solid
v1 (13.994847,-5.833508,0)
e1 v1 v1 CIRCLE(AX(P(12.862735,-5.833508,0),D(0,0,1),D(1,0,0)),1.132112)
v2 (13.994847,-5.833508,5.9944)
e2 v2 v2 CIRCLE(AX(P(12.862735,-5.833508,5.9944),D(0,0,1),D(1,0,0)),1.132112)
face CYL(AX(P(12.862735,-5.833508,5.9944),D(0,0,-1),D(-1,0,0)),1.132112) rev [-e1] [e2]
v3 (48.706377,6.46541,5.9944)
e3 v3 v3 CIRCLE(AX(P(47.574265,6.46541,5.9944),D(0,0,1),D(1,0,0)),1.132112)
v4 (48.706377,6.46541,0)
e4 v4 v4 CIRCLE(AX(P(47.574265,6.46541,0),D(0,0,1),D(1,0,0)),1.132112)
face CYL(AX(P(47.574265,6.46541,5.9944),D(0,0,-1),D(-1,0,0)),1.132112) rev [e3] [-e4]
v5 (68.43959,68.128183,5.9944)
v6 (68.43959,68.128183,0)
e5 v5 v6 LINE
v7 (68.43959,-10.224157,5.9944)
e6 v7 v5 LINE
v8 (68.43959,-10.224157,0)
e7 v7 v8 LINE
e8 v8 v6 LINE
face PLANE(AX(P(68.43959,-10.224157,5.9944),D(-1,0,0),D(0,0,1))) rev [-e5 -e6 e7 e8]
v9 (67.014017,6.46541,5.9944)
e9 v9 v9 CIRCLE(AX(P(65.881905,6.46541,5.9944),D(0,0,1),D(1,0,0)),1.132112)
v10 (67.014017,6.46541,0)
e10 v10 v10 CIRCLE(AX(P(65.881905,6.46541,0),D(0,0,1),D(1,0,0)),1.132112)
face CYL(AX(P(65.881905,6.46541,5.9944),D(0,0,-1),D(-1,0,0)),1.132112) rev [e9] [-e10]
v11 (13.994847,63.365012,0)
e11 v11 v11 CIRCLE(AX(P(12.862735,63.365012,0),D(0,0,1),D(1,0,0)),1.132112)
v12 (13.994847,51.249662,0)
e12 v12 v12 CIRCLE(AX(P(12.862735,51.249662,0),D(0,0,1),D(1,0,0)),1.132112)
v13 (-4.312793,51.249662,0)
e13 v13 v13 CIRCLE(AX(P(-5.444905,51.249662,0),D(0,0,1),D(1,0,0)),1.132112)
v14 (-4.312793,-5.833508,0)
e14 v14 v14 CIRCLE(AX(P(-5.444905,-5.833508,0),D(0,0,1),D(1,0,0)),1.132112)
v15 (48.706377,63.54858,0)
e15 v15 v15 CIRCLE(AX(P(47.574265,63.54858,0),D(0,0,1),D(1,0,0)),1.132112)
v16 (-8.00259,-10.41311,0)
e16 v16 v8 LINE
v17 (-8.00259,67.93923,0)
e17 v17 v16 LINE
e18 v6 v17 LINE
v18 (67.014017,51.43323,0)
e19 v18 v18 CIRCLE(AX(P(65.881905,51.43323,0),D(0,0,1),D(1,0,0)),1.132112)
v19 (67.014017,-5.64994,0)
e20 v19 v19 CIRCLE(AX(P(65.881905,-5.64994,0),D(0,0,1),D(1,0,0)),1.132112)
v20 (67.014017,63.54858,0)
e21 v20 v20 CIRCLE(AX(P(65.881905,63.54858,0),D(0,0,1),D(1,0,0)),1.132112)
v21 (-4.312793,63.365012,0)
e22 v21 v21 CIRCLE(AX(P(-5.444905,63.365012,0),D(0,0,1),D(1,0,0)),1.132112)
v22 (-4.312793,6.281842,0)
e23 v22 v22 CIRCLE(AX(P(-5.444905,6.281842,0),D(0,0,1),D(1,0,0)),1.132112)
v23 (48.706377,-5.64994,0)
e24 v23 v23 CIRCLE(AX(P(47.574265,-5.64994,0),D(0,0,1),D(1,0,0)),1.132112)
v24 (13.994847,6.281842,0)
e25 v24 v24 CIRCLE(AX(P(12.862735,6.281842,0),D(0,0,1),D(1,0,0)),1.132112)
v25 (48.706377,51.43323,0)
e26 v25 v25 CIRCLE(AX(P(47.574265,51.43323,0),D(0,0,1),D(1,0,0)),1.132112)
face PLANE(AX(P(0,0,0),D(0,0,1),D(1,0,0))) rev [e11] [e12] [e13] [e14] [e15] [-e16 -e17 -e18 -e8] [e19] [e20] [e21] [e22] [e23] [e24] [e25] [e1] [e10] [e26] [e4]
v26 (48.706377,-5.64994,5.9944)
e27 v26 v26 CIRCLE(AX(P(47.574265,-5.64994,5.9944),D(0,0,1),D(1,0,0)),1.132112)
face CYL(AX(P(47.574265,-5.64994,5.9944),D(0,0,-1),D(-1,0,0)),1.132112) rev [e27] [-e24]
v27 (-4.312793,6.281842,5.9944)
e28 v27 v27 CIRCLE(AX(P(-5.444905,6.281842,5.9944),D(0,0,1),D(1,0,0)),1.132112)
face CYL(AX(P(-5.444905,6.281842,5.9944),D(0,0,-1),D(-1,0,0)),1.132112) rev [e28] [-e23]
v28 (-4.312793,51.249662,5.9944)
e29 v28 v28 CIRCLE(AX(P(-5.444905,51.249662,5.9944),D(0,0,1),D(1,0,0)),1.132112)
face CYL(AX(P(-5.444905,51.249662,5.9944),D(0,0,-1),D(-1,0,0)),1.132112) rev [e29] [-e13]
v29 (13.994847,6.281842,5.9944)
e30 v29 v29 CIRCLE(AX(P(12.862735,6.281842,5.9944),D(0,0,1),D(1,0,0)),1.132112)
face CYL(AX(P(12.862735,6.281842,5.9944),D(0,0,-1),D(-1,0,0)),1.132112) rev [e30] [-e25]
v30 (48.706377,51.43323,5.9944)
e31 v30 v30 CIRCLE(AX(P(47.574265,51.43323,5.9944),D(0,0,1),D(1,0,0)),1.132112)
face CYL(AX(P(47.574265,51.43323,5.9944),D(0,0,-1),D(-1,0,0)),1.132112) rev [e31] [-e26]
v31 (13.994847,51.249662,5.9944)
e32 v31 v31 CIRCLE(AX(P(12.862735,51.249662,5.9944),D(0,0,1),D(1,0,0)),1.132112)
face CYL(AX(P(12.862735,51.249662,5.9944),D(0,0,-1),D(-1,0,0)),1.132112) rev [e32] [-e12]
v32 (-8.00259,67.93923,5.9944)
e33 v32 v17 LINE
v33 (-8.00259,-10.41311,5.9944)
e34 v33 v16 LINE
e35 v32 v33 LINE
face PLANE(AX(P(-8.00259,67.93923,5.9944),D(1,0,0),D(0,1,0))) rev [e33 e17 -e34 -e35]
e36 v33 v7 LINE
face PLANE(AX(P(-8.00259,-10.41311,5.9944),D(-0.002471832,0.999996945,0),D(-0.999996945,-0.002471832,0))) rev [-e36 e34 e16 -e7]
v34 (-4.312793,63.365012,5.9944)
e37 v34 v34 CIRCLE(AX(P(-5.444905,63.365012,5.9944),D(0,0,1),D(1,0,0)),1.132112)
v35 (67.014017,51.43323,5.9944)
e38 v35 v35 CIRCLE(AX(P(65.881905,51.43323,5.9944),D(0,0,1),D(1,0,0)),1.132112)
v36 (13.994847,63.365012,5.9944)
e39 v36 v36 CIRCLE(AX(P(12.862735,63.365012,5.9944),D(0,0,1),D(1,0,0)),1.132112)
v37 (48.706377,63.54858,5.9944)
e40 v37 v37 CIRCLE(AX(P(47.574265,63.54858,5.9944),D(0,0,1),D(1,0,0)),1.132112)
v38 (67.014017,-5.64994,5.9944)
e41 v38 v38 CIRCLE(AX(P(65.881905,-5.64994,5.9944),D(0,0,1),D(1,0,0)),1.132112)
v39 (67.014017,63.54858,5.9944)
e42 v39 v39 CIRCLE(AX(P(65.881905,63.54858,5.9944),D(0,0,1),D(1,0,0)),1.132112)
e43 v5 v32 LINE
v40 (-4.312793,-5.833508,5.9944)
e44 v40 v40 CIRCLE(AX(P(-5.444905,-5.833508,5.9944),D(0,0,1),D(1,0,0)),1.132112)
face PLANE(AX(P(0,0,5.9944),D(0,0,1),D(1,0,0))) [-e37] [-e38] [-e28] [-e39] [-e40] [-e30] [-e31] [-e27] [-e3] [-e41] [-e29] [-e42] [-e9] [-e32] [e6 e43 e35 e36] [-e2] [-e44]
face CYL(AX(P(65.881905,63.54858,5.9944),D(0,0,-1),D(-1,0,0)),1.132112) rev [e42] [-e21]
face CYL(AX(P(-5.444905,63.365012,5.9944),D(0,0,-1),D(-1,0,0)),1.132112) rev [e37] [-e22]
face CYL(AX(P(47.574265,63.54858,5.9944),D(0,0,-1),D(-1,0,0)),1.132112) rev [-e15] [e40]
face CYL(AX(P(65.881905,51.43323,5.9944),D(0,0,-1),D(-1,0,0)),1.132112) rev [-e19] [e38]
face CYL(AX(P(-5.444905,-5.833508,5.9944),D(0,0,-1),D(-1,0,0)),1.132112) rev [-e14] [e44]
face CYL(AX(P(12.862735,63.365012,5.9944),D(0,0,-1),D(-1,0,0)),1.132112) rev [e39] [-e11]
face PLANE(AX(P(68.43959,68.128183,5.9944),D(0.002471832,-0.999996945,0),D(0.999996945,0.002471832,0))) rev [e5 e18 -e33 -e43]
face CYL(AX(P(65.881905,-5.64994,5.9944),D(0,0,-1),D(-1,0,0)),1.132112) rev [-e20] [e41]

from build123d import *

# Parameters (mm, degrees)
SKETCH1_R           = 1.13211215
BOSS_EXTRUDE1_DEPTH = 5.9944


with BuildPart() as part:
    # Sketch1 → Boss-Extrude1 (new body)
    with BuildSketch(Plane.XY):
        Polygon((68.439590063, -10.224157235), (68.439590063, 68.128182765), (-8.002589937, 67.93922998), (-8.002589937, -10.41311002), align=None)
        with Locations((-5.444904937, -5.83350772)):
            Circle(SKETCH1_R, mode=Mode.SUBTRACT)
        with Locations((-5.444904937, 6.28184228)):
            Circle(SKETCH1_R, mode=Mode.SUBTRACT)
        with Locations((12.862735063, 6.28184228)):
            Circle(SKETCH1_R, mode=Mode.SUBTRACT)
        with Locations((12.862735063, -5.83350772)):
            Circle(SKETCH1_R, mode=Mode.SUBTRACT)
        with Locations((47.574265063, -5.649939535)):
            Circle(SKETCH1_R, mode=Mode.SUBTRACT)
        with Locations((47.574265063, 6.465410465)):
            Circle(SKETCH1_R, mode=Mode.SUBTRACT)
        with Locations((65.881905063, 6.465410465)):
            Circle(SKETCH1_R, mode=Mode.SUBTRACT)
        with Locations((65.881905063, -5.649939535)):
            Circle(SKETCH1_R, mode=Mode.SUBTRACT)
        with Locations((47.574265063, 51.433230465)):
            Circle(SKETCH1_R, mode=Mode.SUBTRACT)
        with Locations((47.574265063, 63.548580465)):
            Circle(SKETCH1_R, mode=Mode.SUBTRACT)
        with Locations((65.881905063, 63.548580465)):
            Circle(SKETCH1_R, mode=Mode.SUBTRACT)
        with Locations((65.881905063, 51.433230465)):
            Circle(SKETCH1_R, mode=Mode.SUBTRACT)
        with Locations((12.862735063, 51.24966228)):
            Circle(SKETCH1_R, mode=Mode.SUBTRACT)
        with Locations((12.862735063, 63.36501228)):
            Circle(SKETCH1_R, mode=Mode.SUBTRACT)
        with Locations((-5.444904937, 63.36501228)):
            Circle(SKETCH1_R, mode=Mode.SUBTRACT)
        with Locations((-5.444904937, 51.24966228)):
            Circle(SKETCH1_R, mode=Mode.SUBTRACT)
    extrude(amount=BOSS_EXTRUDE1_DEPTH)


solid = part.part
